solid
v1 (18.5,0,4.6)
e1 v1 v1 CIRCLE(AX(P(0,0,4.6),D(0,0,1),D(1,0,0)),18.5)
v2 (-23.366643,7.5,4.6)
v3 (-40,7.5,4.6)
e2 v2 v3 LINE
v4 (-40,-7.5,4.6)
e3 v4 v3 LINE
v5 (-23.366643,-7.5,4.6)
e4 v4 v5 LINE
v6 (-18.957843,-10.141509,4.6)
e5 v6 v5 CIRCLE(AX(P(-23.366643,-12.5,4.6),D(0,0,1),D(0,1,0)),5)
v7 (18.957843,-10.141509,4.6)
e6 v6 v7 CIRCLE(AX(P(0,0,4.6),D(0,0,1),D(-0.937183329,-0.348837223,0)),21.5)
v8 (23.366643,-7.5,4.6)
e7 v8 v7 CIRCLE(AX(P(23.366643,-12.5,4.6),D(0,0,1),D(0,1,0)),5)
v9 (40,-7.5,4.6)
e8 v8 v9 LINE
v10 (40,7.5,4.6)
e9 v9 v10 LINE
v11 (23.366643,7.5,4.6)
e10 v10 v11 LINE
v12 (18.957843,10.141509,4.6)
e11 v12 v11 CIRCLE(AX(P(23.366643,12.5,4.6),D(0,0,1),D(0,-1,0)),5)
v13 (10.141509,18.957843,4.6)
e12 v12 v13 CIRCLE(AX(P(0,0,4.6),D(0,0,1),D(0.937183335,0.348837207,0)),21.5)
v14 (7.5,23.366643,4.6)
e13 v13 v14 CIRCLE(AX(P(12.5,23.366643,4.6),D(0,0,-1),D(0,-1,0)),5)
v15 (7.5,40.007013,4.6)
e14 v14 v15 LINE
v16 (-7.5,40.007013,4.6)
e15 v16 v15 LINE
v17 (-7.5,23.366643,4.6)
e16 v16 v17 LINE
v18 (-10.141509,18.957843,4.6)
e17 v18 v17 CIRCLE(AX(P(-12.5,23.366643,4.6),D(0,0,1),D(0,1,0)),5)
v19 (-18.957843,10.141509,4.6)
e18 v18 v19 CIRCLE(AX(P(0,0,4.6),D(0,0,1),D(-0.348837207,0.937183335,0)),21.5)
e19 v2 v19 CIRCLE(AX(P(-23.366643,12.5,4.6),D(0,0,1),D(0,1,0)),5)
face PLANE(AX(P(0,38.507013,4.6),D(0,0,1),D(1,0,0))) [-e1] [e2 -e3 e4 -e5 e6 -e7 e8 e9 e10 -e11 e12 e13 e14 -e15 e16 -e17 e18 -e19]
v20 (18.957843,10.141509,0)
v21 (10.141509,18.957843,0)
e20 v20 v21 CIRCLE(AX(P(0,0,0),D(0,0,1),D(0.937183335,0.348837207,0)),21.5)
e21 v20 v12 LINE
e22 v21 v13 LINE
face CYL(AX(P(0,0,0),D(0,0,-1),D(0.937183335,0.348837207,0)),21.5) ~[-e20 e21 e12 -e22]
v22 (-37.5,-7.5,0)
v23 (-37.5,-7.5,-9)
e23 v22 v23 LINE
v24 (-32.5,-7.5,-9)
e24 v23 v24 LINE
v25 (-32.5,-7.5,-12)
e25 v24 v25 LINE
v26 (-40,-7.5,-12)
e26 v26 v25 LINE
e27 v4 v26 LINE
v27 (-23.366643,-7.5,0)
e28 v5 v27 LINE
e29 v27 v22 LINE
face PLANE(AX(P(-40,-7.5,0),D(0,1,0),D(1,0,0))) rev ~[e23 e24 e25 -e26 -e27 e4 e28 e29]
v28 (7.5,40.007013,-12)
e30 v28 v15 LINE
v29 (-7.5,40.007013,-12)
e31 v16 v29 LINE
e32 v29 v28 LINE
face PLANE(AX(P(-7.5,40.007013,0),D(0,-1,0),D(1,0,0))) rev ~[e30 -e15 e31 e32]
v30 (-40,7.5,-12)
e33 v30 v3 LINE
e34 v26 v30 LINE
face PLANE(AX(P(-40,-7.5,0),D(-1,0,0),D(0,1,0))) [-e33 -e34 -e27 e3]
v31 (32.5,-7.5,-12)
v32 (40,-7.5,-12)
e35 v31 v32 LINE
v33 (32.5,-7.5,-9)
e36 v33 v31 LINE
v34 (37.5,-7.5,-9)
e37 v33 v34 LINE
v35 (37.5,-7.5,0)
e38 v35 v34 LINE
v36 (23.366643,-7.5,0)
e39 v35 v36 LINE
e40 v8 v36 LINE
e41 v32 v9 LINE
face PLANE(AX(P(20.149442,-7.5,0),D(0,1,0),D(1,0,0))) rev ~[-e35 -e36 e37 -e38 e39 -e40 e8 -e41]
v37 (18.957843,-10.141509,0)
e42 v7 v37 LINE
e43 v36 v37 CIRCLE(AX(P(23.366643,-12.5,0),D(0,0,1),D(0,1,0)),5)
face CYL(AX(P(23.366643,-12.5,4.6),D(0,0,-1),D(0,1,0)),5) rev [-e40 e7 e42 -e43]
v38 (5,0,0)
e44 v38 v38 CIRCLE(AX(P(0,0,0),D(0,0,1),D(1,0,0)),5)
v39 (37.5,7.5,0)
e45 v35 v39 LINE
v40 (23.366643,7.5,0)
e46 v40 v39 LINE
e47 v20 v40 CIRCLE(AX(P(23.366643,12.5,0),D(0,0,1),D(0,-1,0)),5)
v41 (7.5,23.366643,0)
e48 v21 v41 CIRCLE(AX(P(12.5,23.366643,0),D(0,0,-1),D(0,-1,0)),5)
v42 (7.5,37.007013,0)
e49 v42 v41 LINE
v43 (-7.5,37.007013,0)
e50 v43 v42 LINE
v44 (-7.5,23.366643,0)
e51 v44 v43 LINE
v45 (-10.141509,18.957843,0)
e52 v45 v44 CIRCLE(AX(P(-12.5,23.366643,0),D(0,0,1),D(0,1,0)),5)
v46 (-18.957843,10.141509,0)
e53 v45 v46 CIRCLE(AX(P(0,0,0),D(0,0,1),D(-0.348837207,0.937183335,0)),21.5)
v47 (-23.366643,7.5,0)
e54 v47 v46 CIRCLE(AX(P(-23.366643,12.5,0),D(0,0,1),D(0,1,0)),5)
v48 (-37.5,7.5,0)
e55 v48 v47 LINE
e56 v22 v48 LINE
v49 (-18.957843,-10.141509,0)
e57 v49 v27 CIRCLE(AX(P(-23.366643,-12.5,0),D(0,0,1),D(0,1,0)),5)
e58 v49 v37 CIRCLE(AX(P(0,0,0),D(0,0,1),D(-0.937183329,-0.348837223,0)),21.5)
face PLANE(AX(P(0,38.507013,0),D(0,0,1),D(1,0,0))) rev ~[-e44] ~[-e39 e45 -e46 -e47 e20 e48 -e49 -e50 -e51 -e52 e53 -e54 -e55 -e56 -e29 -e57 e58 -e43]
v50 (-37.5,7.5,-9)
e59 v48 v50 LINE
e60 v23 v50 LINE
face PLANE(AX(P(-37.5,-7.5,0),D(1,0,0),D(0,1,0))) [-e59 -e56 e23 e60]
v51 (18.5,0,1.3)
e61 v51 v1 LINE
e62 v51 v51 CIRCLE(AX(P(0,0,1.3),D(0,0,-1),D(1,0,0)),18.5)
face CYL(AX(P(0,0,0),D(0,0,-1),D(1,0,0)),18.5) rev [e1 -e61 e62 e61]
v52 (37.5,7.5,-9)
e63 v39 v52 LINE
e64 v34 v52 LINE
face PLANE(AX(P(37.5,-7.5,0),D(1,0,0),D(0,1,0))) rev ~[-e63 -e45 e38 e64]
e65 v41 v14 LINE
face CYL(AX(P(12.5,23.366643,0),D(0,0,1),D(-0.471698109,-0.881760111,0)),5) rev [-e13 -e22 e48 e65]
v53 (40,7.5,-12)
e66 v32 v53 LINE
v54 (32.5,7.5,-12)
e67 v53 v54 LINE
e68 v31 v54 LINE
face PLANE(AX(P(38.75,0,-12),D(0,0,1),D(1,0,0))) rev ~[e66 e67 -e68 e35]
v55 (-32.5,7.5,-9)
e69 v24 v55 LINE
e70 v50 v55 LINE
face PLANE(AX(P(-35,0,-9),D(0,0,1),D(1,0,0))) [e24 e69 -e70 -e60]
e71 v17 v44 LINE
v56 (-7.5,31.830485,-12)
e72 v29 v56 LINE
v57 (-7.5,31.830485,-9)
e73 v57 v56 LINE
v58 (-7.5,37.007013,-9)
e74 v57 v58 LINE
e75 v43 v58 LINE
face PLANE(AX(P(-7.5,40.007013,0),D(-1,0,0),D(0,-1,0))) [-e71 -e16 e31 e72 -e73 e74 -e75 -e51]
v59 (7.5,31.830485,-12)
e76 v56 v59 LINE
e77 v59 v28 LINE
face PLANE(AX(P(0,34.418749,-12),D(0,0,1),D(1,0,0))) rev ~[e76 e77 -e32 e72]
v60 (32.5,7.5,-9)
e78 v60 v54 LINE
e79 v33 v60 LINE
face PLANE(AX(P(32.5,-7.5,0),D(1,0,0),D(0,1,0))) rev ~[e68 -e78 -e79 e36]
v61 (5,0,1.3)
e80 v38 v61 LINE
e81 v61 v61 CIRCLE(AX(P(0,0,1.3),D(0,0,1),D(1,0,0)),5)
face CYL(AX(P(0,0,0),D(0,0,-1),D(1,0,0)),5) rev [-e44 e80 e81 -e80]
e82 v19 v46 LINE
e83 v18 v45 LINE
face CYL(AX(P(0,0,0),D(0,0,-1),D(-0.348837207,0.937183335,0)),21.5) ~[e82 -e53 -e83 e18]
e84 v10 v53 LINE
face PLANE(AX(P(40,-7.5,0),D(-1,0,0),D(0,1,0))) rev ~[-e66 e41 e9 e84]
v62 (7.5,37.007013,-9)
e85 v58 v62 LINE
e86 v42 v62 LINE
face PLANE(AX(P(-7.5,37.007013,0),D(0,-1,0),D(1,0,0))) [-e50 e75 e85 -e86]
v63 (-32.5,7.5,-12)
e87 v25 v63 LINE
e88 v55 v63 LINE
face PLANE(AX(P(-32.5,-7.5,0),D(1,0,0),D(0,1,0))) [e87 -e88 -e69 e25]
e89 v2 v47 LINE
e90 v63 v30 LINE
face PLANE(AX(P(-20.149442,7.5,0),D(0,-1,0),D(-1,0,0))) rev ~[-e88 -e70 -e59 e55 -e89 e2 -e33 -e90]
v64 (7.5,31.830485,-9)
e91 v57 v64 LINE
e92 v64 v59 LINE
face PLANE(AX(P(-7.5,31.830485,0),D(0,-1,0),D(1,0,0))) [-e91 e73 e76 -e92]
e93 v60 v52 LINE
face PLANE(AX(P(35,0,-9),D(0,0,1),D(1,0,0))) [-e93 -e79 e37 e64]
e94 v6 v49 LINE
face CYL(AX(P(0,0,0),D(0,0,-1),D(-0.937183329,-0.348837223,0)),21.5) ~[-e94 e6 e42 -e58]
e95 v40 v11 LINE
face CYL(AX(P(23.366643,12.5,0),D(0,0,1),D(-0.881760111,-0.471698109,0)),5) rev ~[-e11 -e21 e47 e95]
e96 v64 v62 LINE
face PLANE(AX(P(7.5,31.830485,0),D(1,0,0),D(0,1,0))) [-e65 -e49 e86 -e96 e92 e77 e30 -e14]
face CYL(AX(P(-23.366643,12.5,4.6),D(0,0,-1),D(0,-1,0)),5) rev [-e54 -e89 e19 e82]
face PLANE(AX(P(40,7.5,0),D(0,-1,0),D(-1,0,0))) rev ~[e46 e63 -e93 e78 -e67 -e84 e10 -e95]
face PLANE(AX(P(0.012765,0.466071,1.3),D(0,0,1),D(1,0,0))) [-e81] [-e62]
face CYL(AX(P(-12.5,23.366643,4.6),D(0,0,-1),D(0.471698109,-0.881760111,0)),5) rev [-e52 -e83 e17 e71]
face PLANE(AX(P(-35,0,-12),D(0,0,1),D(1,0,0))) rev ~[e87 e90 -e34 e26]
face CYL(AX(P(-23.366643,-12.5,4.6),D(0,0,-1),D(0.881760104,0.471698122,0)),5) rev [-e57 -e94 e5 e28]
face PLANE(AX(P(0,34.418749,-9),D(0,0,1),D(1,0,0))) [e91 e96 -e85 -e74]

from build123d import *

# Parameters (mm, degrees)
F0_R     = 18.5
F0_R_2   = 5
F1_DEPTH = 1.3
F2_DEPTH = 4.6
F0_W     = 15
F0_H     = 3
F0_H_2   = 5.176528
F0_W_2   = 2.5
F0_H_3   = 15
F0_W_3   = 5
F3_DEPTH = 4.6
F4_DEPTH = 12
F5_DEPTH = 9
F6_R     = 5


with BuildPart() as f1:
    # F0 (on Top) → F1 (new body)
    with BuildSketch(Plane.XY):
        with BuildLine():
            ThreePointArc((20.149442, -7.5), (21.159667, -3.810315), (21.5, 0))
            ThreePointArc((21.5, 0), (21.159667, 3.810315), (20.149442, 7.5))
            ThreePointArc((20.149442, 7.5), (15.202796, 15.202796), (7.5, 20.149442))
            ThreePointArc((7.5, 20.149442), (0, 21.5), (-7.5, 20.149442))
            ThreePointArc((-7.5, 20.149442), (-15.202796, 15.202796), (-20.149442, 7.5))
            ThreePointArc((-20.149442, 7.5), (-21.5, 0), (-20.149442, -7.5))
            ThreePointArc((-20.149442, -7.5), (0, -21.5), (20.149442, -7.5))
        make_face()
        Circle(F0_R, mode=Mode.SUBTRACT)
        Circle(F0_R)
        Circle(F0_R_2, mode=Mode.SUBTRACT)
    extrude(amount=F1_DEPTH)

    # F0 (on Top) → F2 (join)
    with BuildSketch(Plane.XY):
        with BuildLine():
            ThreePointArc((20.149442, -7.5), (21.159667, -3.810315), (21.5, 0))
            ThreePointArc((21.5, 0), (21.159667, 3.810315), (20.149442, 7.5))
            ThreePointArc((20.149442, 7.5), (15.202796, 15.202796), (7.5, 20.149442))
            ThreePointArc((7.5, 20.149442), (0, 21.5), (-7.5, 20.149442))
            ThreePointArc((-7.5, 20.149442), (-15.202796, 15.202796), (-20.149442, 7.5))
            ThreePointArc((-20.149442, 7.5), (-21.5, 0), (-20.149442, -7.5))
            ThreePointArc((-20.149442, -7.5), (0, -21.5), (20.149442, -7.5))
        make_face()
        Circle(F0_R, mode=Mode.SUBTRACT)
    extrude(amount=F2_DEPTH)

    # F0 (on Top) → F3 (join)
    with BuildSketch(Plane.XY):
        with Locations((0, 38.507013)):
            Rectangle(F0_W, F0_H)
        with Locations((0, 34.418749)):
            Rectangle(F0_W, F0_H_2)
        with BuildLine():
            ThreePointArc((-7.5, 20.149442), (0, 21.5), (7.5, 20.149442))
            Line((7.5, 20.149442), (7.5, 31.830485))
            Line((7.5, 31.830485), (-7.5, 31.830485))
            Line((-7.5, 31.830485), (-7.5, 20.149442))
        make_face()
        with Locations((-38.75, 0)):
            Rectangle(F0_W_2, F0_H_3)
        with Locations((-35, 0)):
            Rectangle(F0_W_3, F0_H_3)
        with BuildLine():
            Line((-32.5, -7.5), (-20.149442, -7.5))
            ThreePointArc((-20.149442, -7.5), (-21.5, 0), (-20.149442, 7.5))
            Line((-20.149442, 7.5), (-32.5, 7.5))
            Line((-32.5, 7.5), (-32.5, -7.5))
        make_face()
        with BuildLine():
            ThreePointArc((20.149442, 7.5), (21.159667, 3.810315), (21.5, 0))
            ThreePointArc((21.5, 0), (21.159667, -3.810315), (20.149442, -7.5))
            Line((20.149442, -7.5), (32.5, -7.5))
            Line((32.5, -7.5), (32.5, 7.5))
            Line((32.5, 7.5), (20.149442, 7.5))
        make_face()
        with Locations((35, 0)):
            Rectangle(F0_W_3, F0_H_3)
        with Locations((38.75, 0)):
            Rectangle(F0_W_2, F0_H_3)
    extrude(amount=F3_DEPTH)

    # F0 (on Top) → F4 (join)
    with BuildSketch(Plane.XY):
        with Locations((0, 34.418749)):
            Rectangle(F0_W, F0_H_2)
        with Locations((0, 38.507013)):
            Rectangle(F0_W, F0_H)
        with Locations((38.75, 0)):
            Rectangle(F0_W_2, F0_H_3)
        with Locations((35, 0)):
            Rectangle(F0_W_3, F0_H_3)
        with Locations((-35, 0)):
            Rectangle(F0_W_3, F0_H_3)
        with Locations((-38.75, 0)):
            Rectangle(F0_W_2, F0_H_3)
    extrude(amount=-F4_DEPTH)

    # F0 (on Top) → F5 (cut)
    with BuildSketch(Plane.XY):
        with Locations((35, 0)):
            Rectangle(F0_W_3, F0_H_3)
        with Locations((-35, 0)):
            Rectangle(F0_W_3, F0_H_3)
        with Locations((0, 34.418749)):
            Rectangle(F0_W, F0_H_2)
    extrude(amount=-F5_DEPTH, mode=Mode.SUBTRACT)

    # F6
    f6_edges = [f1.edges().sort_by_distance(p)[0] for p in [
        (7.5, 20.149442, 2.3),
        (20.149442, -7.5, 2.3),
        (20.149442, 7.5, 2.3),
        (-7.5, 20.149442, 2.3),
        (-20.149442, 7.5, 2.3),
        (-20.149442, -7.5, 2.3),
    ]]
    fillet(f6_edges, radius=F6_R)


solid = f1.part
